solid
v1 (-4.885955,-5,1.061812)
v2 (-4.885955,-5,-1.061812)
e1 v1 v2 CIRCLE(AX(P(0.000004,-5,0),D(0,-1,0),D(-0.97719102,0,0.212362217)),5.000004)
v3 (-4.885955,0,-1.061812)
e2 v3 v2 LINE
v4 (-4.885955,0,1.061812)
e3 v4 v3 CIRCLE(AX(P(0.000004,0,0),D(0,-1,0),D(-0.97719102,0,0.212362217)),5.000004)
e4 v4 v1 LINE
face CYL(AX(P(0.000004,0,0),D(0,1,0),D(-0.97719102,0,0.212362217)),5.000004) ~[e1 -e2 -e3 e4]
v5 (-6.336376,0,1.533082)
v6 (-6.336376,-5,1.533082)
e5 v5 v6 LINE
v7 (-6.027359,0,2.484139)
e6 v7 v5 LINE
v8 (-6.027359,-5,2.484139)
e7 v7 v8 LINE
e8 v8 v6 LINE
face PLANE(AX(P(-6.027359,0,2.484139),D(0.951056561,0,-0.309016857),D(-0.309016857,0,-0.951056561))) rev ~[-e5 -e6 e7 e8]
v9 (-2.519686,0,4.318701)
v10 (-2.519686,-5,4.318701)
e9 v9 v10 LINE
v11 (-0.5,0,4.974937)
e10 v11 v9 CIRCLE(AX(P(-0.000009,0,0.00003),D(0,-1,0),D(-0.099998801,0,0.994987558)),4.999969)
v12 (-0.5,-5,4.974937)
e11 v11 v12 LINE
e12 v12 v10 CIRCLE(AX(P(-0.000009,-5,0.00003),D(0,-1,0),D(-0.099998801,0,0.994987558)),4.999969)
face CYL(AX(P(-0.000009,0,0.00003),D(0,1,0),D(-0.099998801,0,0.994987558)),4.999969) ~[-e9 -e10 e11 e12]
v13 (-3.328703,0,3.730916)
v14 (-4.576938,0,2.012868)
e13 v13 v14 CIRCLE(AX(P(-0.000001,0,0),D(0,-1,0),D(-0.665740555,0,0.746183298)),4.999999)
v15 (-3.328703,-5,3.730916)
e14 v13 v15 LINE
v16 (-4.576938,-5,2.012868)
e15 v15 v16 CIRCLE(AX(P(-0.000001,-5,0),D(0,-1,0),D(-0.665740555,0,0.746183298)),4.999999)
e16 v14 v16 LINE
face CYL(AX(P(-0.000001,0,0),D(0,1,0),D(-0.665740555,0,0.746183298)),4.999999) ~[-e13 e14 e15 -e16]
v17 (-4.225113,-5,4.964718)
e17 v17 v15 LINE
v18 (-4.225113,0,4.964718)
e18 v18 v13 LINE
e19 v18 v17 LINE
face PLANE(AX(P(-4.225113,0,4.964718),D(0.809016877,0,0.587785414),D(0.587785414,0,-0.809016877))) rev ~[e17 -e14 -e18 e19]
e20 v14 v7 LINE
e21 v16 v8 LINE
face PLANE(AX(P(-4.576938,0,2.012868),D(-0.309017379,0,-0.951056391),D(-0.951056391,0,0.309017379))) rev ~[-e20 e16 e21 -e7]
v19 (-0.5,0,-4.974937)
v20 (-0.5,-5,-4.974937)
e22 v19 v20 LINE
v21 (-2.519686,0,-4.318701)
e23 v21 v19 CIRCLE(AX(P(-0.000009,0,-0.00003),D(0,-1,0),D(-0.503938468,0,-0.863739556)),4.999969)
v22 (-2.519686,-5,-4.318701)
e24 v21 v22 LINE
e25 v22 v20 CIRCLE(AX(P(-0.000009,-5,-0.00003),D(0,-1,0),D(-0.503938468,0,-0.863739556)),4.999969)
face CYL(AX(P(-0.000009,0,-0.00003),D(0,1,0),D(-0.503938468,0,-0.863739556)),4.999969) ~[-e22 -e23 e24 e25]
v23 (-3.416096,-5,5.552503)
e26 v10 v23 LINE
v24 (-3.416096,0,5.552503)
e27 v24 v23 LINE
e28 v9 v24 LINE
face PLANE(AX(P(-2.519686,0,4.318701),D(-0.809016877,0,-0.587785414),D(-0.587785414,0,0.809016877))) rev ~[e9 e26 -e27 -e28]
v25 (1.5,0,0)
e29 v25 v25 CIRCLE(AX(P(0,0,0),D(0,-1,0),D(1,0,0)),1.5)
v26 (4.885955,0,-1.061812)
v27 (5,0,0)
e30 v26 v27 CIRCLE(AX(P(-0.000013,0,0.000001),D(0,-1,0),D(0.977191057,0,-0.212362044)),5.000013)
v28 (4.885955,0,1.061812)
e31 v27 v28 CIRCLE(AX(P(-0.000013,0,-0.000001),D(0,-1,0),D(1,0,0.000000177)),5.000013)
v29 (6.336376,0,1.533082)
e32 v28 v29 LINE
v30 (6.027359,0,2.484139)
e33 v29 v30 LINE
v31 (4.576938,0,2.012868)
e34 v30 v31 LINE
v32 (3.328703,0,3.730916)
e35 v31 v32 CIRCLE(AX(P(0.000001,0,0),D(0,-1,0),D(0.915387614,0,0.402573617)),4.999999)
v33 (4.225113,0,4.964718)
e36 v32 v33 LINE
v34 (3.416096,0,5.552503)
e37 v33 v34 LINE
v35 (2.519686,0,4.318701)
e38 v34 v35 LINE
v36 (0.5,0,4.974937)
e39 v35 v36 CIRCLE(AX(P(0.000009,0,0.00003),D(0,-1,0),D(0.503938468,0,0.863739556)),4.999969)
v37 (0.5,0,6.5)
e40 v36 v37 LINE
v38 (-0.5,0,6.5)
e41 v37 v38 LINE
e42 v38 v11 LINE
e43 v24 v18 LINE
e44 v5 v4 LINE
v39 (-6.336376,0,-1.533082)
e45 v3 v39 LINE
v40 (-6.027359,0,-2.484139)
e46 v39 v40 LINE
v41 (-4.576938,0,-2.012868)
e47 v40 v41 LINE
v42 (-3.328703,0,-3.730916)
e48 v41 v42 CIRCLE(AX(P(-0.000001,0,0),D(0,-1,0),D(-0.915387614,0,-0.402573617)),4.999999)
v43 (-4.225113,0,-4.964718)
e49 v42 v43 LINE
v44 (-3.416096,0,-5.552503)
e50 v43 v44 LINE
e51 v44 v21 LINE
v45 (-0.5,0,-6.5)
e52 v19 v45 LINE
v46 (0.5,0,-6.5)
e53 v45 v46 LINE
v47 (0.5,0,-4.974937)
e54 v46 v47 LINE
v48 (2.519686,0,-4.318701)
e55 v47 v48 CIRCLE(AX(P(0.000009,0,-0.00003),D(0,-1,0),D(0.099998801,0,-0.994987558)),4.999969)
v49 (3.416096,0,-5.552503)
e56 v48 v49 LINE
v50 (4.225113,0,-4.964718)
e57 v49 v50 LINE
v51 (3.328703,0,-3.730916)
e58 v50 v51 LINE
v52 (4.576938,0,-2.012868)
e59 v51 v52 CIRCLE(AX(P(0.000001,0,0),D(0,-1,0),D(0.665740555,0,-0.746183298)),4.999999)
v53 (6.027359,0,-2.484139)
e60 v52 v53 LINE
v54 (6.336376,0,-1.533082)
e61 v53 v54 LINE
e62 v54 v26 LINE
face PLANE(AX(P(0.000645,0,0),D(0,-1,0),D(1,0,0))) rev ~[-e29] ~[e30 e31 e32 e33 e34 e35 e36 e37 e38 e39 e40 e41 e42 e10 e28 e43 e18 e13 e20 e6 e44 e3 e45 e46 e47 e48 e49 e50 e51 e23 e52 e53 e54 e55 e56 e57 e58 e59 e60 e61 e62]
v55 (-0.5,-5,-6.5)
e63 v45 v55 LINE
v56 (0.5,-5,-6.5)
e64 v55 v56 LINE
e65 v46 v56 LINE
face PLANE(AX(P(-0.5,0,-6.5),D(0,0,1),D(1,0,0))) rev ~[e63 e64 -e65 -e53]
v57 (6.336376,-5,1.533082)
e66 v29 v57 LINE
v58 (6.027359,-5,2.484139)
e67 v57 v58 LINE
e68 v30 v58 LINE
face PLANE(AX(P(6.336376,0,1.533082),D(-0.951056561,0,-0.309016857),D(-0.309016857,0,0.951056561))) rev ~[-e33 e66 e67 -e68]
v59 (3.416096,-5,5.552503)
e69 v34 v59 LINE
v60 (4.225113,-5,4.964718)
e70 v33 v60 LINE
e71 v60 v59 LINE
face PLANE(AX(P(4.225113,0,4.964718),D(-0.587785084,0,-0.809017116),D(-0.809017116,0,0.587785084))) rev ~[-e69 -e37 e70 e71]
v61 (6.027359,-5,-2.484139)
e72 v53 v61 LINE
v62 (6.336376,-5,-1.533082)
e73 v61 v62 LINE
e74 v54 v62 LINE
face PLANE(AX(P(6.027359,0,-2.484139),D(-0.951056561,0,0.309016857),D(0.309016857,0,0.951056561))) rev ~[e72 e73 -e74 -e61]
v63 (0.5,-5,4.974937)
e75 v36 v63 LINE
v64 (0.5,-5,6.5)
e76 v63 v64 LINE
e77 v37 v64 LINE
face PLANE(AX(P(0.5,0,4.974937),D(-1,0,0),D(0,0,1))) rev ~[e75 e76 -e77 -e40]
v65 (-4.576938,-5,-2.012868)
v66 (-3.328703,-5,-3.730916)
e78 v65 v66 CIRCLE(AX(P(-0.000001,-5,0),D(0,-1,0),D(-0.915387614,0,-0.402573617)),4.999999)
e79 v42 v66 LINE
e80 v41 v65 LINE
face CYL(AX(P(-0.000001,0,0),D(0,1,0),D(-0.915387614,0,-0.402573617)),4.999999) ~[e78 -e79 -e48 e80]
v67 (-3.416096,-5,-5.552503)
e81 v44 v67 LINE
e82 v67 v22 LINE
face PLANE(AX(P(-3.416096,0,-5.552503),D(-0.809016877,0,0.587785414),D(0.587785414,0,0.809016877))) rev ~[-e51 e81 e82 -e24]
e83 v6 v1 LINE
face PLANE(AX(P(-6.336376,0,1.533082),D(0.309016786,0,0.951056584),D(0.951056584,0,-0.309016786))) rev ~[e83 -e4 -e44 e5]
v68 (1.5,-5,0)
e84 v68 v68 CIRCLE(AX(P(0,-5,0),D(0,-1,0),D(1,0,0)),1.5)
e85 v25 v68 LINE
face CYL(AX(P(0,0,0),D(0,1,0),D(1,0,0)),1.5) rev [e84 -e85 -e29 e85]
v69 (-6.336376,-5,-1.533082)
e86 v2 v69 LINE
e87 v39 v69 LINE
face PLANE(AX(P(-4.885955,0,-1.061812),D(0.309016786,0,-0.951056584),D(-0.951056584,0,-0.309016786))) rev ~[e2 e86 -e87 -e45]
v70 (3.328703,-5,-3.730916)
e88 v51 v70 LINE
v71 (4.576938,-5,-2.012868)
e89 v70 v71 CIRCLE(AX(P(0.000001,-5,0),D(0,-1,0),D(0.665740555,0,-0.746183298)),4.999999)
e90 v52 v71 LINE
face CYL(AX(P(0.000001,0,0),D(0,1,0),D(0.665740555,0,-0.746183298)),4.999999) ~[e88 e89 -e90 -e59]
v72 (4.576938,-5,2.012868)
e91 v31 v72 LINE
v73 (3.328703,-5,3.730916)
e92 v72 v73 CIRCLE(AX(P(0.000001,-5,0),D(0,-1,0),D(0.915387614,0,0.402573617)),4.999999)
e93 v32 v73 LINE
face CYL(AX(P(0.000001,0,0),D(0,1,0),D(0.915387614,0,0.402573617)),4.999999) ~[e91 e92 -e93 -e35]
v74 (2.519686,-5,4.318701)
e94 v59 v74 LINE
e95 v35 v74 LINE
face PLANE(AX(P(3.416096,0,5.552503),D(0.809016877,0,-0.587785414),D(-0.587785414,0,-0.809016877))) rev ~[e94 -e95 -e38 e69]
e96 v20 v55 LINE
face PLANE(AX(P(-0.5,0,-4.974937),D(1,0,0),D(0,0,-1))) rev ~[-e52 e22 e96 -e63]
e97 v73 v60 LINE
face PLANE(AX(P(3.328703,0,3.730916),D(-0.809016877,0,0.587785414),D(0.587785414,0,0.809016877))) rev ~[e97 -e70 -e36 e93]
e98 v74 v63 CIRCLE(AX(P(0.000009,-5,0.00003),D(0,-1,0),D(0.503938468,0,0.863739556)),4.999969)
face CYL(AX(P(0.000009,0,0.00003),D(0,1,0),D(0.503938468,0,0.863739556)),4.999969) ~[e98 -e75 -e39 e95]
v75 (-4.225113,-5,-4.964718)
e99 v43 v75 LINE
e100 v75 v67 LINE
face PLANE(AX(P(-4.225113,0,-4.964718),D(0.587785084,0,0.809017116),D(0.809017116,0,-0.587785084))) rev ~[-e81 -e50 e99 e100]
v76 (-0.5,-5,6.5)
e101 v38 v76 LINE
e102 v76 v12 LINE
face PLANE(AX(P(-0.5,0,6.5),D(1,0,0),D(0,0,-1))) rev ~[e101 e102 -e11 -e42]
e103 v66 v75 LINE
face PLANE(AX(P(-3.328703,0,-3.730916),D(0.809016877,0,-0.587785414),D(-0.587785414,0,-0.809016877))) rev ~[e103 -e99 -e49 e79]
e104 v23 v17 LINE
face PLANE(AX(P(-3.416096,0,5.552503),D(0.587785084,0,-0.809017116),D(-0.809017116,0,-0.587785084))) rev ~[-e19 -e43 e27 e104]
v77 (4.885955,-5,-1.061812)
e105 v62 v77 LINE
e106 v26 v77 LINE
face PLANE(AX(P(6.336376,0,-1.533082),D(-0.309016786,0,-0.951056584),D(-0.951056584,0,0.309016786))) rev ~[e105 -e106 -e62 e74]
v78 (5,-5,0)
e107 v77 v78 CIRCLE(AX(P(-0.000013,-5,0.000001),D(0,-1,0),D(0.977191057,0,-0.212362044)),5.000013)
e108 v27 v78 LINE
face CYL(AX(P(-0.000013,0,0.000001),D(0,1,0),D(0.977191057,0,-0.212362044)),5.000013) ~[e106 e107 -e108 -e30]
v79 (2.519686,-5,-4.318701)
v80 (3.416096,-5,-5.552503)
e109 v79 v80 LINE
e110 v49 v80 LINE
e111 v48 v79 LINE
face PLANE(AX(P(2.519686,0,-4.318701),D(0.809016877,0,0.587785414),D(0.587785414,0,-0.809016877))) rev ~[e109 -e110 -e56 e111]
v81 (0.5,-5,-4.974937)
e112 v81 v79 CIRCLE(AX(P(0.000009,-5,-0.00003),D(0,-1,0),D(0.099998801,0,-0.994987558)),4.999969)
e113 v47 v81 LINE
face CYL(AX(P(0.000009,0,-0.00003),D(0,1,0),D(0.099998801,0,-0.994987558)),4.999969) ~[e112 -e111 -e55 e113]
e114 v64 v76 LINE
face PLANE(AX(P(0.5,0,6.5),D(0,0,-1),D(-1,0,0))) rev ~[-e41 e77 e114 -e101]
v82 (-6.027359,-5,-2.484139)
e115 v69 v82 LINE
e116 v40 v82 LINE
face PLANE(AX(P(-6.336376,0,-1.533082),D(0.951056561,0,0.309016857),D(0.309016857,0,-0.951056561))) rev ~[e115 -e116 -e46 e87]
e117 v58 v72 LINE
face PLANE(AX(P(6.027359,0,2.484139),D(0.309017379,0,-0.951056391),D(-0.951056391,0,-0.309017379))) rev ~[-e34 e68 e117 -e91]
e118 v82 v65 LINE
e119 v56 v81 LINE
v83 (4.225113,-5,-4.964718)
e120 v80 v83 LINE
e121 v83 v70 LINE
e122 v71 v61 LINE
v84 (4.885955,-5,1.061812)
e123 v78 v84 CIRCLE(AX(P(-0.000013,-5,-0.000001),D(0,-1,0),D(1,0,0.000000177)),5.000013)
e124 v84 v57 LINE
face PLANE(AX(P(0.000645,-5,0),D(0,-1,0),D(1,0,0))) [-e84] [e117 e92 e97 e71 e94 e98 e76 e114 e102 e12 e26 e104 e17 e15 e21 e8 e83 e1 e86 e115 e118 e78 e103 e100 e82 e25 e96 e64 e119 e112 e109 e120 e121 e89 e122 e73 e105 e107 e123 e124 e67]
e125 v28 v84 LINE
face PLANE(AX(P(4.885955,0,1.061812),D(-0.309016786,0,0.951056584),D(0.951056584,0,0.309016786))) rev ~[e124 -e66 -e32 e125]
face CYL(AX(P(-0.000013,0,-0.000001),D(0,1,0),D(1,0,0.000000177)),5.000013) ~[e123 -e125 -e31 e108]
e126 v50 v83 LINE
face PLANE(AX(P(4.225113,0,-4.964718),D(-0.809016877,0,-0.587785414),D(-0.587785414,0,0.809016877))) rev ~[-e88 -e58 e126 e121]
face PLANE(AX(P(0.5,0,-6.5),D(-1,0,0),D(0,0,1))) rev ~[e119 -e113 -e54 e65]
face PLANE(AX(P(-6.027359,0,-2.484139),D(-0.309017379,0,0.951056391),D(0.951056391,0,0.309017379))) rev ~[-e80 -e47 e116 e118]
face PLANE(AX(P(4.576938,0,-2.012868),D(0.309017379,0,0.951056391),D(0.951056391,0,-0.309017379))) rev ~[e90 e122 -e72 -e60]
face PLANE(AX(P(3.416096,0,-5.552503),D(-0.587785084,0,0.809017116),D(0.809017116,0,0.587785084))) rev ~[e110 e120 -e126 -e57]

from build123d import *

# Parameters (mm, degrees)
F0_R     = 1.5
F1_DEPTH = 5


with BuildPart() as f1:
    # F0 (on Front) → F1 (new body)
    with BuildSketch(Plane.XZ):
        with BuildLine():
            ThreePointArc((4.885955, -1.061812), (4.971407, -0.533959), (5, 0))
            ThreePointArc((5, 0), (4.971407, 0.533959), (4.885955, 1.061812))
            ThreePointArc((4.885955, 1.061812), (4.755283, 1.545085), (4.576938, 2.012868))
            ThreePointArc((4.576938, 2.012868), (4.045085, 2.938926), (3.328703, 3.730916))
            ThreePointArc((3.328703, 3.730916), (2.938926, 4.045085), (2.519686, 4.318701))
            ThreePointArc((2.519686, 4.318701), (1.545085, 4.755283), (0.5, 4.974937))
            ThreePointArc((0.5, 4.974937), (0, 5), (-0.5, 4.974937))
            ThreePointArc((-0.5, 4.974937), (-1.545085, 4.755283), (-2.519686, 4.318701))
            ThreePointArc((-2.519686, 4.318701), (-2.938926, 4.045085), (-3.328703, 3.730916))
            ThreePointArc((-3.328703, 3.730916), (-4.045085, 2.938926), (-4.576938, 2.012868))
            ThreePointArc((-4.576938, 2.012868), (-4.755283, 1.545085), (-4.885955, 1.061812))
            ThreePointArc((-4.885955, 1.061812), (-5, 0), (-4.885955, -1.061812))
            ThreePointArc((-4.885955, -1.061812), (-4.755283, -1.545085), (-4.576938, -2.012868))
            ThreePointArc((-4.576938, -2.012868), (-4.045085, -2.938926), (-3.328703, -3.730916))
            ThreePointArc((-3.328703, -3.730916), (-2.938926, -4.045085), (-2.519686, -4.318701))
            ThreePointArc((-2.519686, -4.318701), (-1.545085, -4.755283), (-0.5, -4.974937))
            ThreePointArc((-0.5, -4.974937), (0, -5), (0.5, -4.974937))
            ThreePointArc((0.5, -4.974937), (1.545085, -4.755283), (2.519686, -4.318701))
            ThreePointArc((2.519686, -4.318701), (2.938926, -4.045085), (3.328703, -3.730916))
            ThreePointArc((3.328703, -3.730916), (4.045085, -2.938926), (4.576938, -2.012868))
            ThreePointArc((4.576938, -2.012868), (4.755283, -1.545085), (4.885955, -1.061812))
        make_face()
        Circle(F0_R, mode=Mode.SUBTRACT)
        with BuildLine():
            ThreePointArc((4.576938, 2.012868), (4.755283, 1.545085), (4.885955, 1.061812))
            Line((4.885955, 1.061812), (6.336376, 1.533082))
            Line((6.336376, 1.533082), (6.027359, 2.484139))
            Line((6.027359, 2.484139), (4.576938, 2.012868))
        make_face()
        with BuildLine():
            Line((6.336376, -1.533082), (4.885955, -1.061812))
            ThreePointArc((4.885955, -1.061812), (4.755283, -1.545085), (4.576938, -2.012868))
            Line((4.576938, -2.012868), (6.027359, -2.484139))
            Line((6.027359, -2.484139), (6.336376, -1.533082))
        make_face()
        with BuildLine():
            ThreePointArc((2.519686, 4.318701), (2.938926, 4.045085), (3.328703, 3.730916))
            Line((3.328703, 3.730916), (4.225113, 4.964718))
            Line((4.225113, 4.964718), (3.416096, 5.552503))
            Line((3.416096, 5.552503), (2.519686, 4.318701))
        make_face()
        with BuildLine():
            Line((4.225113, -4.964718), (3.328703, -3.730916))
            ThreePointArc((3.328703, -3.730916), (2.938926, -4.045085), (2.519686, -4.318701))
            Line((2.519686, -4.318701), (3.416096, -5.552503))
            Line((3.416096, -5.552503), (4.225113, -4.964718))
        make_face()
        with BuildLine():
            ThreePointArc((-0.5, 4.974937), (0, 5), (0.5, 4.974937))
            Line((0.5, 4.974937), (0.5, 6.5))
            Line((0.5, 6.5), (-0.5, 6.5))
            Line((-0.5, 6.5), (-0.5, 4.974937))
        make_face()
        with BuildLine():
            Line((0.5, -6.5), (0.5, -4.974937))
            ThreePointArc((0.5, -4.974937), (0, -5), (-0.5, -4.974937))
            Line((-0.5, -4.974937), (-0.5, -6.5))
            Line((-0.5, -6.5), (0.5, -6.5))
        make_face()
        with BuildLine():
            ThreePointArc((-3.328703, 3.730916), (-2.938926, 4.045085), (-2.519686, 4.318701))
            Line((-2.519686, 4.318701), (-3.416096, 5.552503))
            Line((-3.416096, 5.552503), (-4.225113, 4.964718))
            Line((-4.225113, 4.964718), (-3.328703, 3.730916))
        make_face()
        with BuildLine():
            Line((-3.416096, -5.552503), (-2.519686, -4.318701))
            ThreePointArc((-2.519686, -4.318701), (-2.938926, -4.045085), (-3.328703, -3.730916))
            Line((-3.328703, -3.730916), (-4.225113, -4.964718))
            Line((-4.225113, -4.964718), (-3.416096, -5.552503))
        make_face()
        with BuildLine():
            ThreePointArc((-4.885955, 1.061812), (-4.755283, 1.545085), (-4.576938, 2.012868))
            Line((-4.576938, 2.012868), (-6.027359, 2.484139))
            Line((-6.027359, 2.484139), (-6.336376, 1.533082))
            Line((-6.336376, 1.533082), (-4.885955, 1.061812))
        make_face()
        with BuildLine():
            Line((-6.027359, -2.484139), (-4.576938, -2.012868))
            ThreePointArc((-4.576938, -2.012868), (-4.755283, -1.545085), (-4.885955, -1.061812))
            Line((-4.885955, -1.061812), (-6.336376, -1.533082))
            Line((-6.336376, -1.533082), (-6.027359, -2.484139))
        make_face()
    extrude(amount=F1_DEPTH)


solid = f1.part
